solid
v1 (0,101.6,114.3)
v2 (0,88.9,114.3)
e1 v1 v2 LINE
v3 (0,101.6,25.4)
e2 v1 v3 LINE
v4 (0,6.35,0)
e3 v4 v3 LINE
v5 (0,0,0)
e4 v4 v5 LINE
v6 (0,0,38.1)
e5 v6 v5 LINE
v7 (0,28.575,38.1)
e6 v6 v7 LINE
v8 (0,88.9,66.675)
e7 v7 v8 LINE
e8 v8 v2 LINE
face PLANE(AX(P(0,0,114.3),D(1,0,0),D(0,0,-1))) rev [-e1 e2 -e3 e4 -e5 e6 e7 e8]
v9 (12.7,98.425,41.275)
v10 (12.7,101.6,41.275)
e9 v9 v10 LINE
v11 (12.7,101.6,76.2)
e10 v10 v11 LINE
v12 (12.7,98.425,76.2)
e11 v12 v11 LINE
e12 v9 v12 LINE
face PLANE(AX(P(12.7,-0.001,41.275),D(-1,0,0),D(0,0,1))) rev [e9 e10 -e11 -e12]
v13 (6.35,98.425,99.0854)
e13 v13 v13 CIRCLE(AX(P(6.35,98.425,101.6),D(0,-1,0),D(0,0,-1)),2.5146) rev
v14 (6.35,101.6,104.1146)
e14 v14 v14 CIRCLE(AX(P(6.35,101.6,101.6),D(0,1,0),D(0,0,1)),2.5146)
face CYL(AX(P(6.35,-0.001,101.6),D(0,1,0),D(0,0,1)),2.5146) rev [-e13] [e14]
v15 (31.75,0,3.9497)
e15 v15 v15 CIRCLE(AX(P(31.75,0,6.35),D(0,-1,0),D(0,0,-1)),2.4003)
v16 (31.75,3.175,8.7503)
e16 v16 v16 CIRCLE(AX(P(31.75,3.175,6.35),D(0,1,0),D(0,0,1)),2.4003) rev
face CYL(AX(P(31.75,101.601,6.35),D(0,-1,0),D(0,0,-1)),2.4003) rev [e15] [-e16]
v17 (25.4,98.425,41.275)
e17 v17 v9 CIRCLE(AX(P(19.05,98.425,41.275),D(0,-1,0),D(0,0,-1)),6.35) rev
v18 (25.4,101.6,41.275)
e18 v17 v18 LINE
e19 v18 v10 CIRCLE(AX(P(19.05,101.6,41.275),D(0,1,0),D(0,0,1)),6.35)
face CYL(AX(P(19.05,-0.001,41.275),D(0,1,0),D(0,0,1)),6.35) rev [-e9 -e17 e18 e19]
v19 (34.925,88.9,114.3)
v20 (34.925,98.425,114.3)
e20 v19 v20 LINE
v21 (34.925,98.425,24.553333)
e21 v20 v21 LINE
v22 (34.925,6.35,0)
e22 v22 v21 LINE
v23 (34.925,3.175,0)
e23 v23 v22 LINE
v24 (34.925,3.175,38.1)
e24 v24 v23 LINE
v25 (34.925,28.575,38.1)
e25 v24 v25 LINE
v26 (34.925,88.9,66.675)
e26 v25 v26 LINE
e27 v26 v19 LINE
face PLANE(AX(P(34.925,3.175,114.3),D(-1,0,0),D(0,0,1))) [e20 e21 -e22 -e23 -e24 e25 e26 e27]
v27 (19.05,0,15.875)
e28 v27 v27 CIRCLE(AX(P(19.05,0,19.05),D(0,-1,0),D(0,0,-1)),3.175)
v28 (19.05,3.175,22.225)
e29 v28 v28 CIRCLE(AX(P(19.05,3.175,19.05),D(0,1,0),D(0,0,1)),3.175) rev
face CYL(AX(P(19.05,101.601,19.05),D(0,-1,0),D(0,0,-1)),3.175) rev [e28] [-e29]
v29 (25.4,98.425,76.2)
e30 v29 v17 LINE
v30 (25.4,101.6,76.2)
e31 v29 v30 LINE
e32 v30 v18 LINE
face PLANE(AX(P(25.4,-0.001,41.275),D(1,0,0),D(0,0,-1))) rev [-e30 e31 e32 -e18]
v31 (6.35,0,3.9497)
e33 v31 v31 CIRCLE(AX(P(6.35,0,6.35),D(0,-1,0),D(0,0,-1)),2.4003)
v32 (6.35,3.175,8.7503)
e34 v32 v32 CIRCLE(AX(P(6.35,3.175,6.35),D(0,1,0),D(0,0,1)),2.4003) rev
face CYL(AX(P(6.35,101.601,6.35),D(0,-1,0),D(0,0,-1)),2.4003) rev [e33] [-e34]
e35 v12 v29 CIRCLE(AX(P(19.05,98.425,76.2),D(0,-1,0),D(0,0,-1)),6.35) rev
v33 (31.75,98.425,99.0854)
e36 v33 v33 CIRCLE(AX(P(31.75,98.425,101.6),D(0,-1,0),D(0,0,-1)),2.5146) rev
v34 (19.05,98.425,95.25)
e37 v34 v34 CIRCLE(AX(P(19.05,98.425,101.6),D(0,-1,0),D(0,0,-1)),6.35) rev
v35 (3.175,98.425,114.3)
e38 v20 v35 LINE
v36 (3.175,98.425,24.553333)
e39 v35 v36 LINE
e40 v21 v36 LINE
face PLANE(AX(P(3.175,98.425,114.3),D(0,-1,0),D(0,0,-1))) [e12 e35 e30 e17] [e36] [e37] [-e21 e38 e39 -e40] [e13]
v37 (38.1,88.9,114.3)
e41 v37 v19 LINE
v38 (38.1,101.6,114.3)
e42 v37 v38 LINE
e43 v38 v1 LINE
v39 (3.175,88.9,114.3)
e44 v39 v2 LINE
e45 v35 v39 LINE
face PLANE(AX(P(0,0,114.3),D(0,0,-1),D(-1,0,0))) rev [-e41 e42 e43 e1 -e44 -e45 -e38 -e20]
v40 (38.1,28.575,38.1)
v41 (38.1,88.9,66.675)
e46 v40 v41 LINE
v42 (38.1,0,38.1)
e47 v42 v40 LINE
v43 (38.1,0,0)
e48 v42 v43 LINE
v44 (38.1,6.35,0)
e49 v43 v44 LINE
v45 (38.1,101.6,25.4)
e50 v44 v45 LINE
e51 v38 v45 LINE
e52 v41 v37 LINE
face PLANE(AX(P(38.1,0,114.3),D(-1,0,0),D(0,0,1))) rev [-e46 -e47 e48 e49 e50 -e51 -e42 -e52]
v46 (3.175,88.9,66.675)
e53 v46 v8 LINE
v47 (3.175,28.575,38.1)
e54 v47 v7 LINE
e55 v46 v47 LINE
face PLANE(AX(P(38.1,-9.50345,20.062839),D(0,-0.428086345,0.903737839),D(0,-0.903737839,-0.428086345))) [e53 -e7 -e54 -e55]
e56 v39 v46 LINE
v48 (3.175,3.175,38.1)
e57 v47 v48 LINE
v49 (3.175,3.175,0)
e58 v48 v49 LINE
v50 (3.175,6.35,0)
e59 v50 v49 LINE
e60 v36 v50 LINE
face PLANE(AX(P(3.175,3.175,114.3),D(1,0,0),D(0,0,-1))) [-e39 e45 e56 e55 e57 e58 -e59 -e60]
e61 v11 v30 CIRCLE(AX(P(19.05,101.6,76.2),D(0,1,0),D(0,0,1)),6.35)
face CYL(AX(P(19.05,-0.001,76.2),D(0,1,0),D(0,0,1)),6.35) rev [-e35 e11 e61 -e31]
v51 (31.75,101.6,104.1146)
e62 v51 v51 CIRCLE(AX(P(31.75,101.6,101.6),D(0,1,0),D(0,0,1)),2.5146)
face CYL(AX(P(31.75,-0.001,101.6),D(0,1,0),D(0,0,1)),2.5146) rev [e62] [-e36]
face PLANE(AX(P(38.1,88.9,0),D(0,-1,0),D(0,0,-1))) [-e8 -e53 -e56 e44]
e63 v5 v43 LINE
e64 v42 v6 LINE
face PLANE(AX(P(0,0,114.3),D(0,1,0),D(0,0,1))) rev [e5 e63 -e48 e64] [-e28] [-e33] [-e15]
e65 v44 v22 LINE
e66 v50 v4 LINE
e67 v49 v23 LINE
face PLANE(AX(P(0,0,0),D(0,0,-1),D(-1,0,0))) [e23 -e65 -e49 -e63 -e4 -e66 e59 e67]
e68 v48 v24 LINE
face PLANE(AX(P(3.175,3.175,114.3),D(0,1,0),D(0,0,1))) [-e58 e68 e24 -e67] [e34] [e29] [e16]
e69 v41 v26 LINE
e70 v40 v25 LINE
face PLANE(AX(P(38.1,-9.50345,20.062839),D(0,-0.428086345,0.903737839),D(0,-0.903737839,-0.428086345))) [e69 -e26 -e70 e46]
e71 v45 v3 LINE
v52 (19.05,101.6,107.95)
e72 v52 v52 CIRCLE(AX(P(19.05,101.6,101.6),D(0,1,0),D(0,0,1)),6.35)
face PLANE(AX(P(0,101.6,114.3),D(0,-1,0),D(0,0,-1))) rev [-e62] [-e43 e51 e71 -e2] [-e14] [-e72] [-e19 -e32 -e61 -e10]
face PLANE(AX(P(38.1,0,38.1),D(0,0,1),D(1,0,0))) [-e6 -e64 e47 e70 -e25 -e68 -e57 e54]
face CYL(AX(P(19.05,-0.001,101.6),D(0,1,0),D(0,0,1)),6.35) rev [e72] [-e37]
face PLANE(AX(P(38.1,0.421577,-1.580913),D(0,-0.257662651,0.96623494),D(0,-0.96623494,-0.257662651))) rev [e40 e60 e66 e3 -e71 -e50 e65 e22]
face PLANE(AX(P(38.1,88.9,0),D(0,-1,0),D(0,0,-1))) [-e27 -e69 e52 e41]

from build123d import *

# Parameters (mm, degrees)
SKETCH3_W           = 38.1
SKETCH3_H           = 101.6
SKETCH3_W_2         = 31.75
SKETCH3_H_2         = 95.25
BOSS_EXTRUDE1_DEPTH = 114.3
CUT_EXTRUDE1_DEPTH  = 158.602855304
CUT_EXTRUDE2_REACH  = 159.603
SKETCH6_R           = 2.4003
SKETCH6_R_2         = 3.175
CUT_EXTRUDE3_REACH  = 159.603
SKETCH7_R           = 2.5146
SKETCH7_R_2         = 6.35


with BuildPart() as part:
    # Sketch3 → Boss-Extrude1 (new body)
    with BuildSketch(Plane.XY):
        with Locations((19.05, 50.8)):
            Rectangle(SKETCH3_W, SKETCH3_H)
        with Locations((19.05, 50.8)):
            Rectangle(SKETCH3_W_2, SKETCH3_H_2, mode=Mode.SUBTRACT)
    extrude(amount=BOSS_EXTRUDE1_DEPTH)

    # Sketch5 → Cut-Extrude1 (cut, through all)
    with BuildSketch(Plane.ZY):
        Polygon((0, 101.6), (0, 6.35), (25.4, 101.6), align=None)
        Polygon((66.675, 88.9), (38.1, 28.575), (38.1, 0), (114.3, 0), (114.3, 88.9), align=None)
    extrude(amount=-CUT_EXTRUDE1_DEPTH, mode=Mode.SUBTRACT)

    # Sketch6 → Cut-Extrude2 (cut, up to next)
    with BuildSketch(Plane.XZ, mode=Mode.PRIVATE) as cut_extrude2_sk1:
        with Locations(Location((31.75, 6.35, 0), (0, 0, 270))):
            Circle(SKETCH6_R)
    cut_extrude2_tool1 = extrude(cut_extrude2_sk1.sketch, amount=-CUT_EXTRUDE2_REACH, mode=Mode.PRIVATE) & part.part
    # Sketch6 → Cut-Extrude2 (cut, up to next)
    with BuildSketch(Plane.XZ, mode=Mode.PRIVATE) as cut_extrude2_sk2:
        with Locations(Location((6.35, 6.35, 0), (0, 0, 270))):
            Circle(SKETCH6_R)
    cut_extrude2_tool2 = extrude(cut_extrude2_sk2.sketch, amount=-CUT_EXTRUDE2_REACH, mode=Mode.PRIVATE) & part.part
    # Sketch6 → Cut-Extrude2 (cut, up to next)
    with BuildSketch(Plane.XZ, mode=Mode.PRIVATE) as cut_extrude2_sk3:
        with Locations(Location((19.05, 19.05, 0), (0, 0, 270))):
            Circle(SKETCH6_R_2)
    cut_extrude2_tool3 = extrude(cut_extrude2_sk3.sketch, amount=-CUT_EXTRUDE2_REACH, mode=Mode.PRIVATE) & part.part
    add(cut_extrude2_tool1.solids().sort_by_distance((31.75, 0, 6.35))[0], mode=Mode.SUBTRACT)
    add(cut_extrude2_tool2.solids().sort_by_distance((6.35, 0, 6.35))[0], mode=Mode.SUBTRACT)
    add(cut_extrude2_tool3.solids().sort_by_distance((19.05, 0, 19.05))[0], mode=Mode.SUBTRACT)

    # Sketch7 → Cut-Extrude3 (cut, up to next)
    with BuildSketch(Plane(origin=(0, 101.6, 0), x_dir=(1, 0, 0), z_dir=(0, 1, 0)), mode=Mode.PRIVATE) as cut_extrude3_sk1:
        with Locations(Location((6.35, -101.6, 0), (0, 0, 270))):
            Circle(SKETCH7_R)
    cut_extrude3_tool1 = extrude(cut_extrude3_sk1.sketch, amount=-CUT_EXTRUDE3_REACH, mode=Mode.PRIVATE) & part.part
    # Sketch7 → Cut-Extrude3 (cut, up to next)
    with BuildSketch(Plane(origin=(0, 101.6, 0), x_dir=(1, 0, 0), z_dir=(0, 1, 0)), mode=Mode.PRIVATE) as cut_extrude3_sk2:
        with Locations(Location((31.75, -101.6, 0), (0, 0, 270))):
            Circle(SKETCH7_R)
    cut_extrude3_tool2 = extrude(cut_extrude3_sk2.sketch, amount=-CUT_EXTRUDE3_REACH, mode=Mode.PRIVATE) & part.part
    # Sketch7 → Cut-Extrude3 (cut, up to next)
    with BuildSketch(Plane(origin=(0, 101.6, 0), x_dir=(1, 0, 0), z_dir=(0, 1, 0)), mode=Mode.PRIVATE) as cut_extrude3_sk3:
        with Locations(Location((19.05, -101.6, 0), (0, 0, 270))):
            Circle(SKETCH7_R_2)
    cut_extrude3_tool3 = extrude(cut_extrude3_sk3.sketch, amount=-CUT_EXTRUDE3_REACH, mode=Mode.PRIVATE) & part.part
    # Sketch7 → Cut-Extrude3 (cut, up to next)
    with BuildSketch(Plane(origin=(0, 101.6, 0), x_dir=(1, 0, 0), z_dir=(0, 1, 0)), mode=Mode.PRIVATE) as cut_extrude3_sk4:
        with BuildLine():
            Line((25.4, -41.275), (25.4, -76.2))
            ThreePointArc((25.4, -76.2), (19.05, -82.55), (12.7, -76.2))
            Line((12.7, -76.2), (12.7, -41.275))
            ThreePointArc((12.7, -41.275), (19.05, -34.925), (25.4, -41.275))
        make_face()
    cut_extrude3_tool4 = extrude(cut_extrude3_sk4.sketch, amount=-CUT_EXTRUDE3_REACH, mode=Mode.PRIVATE) & part.part
    add(cut_extrude3_tool1.solids().sort_by_distance((6.35, 101.6, 101.6))[0], mode=Mode.SUBTRACT)
    add(cut_extrude3_tool2.solids().sort_by_distance((31.75, 101.6, 101.6))[0], mode=Mode.SUBTRACT)
    add(cut_extrude3_tool3.solids().sort_by_distance((19.05, 101.6, 101.6))[0], mode=Mode.SUBTRACT)
    add(cut_extrude3_tool4.solids().sort_by_distance((19.05, 101.6, 58.7375))[0], mode=Mode.SUBTRACT)


solid = part.part
